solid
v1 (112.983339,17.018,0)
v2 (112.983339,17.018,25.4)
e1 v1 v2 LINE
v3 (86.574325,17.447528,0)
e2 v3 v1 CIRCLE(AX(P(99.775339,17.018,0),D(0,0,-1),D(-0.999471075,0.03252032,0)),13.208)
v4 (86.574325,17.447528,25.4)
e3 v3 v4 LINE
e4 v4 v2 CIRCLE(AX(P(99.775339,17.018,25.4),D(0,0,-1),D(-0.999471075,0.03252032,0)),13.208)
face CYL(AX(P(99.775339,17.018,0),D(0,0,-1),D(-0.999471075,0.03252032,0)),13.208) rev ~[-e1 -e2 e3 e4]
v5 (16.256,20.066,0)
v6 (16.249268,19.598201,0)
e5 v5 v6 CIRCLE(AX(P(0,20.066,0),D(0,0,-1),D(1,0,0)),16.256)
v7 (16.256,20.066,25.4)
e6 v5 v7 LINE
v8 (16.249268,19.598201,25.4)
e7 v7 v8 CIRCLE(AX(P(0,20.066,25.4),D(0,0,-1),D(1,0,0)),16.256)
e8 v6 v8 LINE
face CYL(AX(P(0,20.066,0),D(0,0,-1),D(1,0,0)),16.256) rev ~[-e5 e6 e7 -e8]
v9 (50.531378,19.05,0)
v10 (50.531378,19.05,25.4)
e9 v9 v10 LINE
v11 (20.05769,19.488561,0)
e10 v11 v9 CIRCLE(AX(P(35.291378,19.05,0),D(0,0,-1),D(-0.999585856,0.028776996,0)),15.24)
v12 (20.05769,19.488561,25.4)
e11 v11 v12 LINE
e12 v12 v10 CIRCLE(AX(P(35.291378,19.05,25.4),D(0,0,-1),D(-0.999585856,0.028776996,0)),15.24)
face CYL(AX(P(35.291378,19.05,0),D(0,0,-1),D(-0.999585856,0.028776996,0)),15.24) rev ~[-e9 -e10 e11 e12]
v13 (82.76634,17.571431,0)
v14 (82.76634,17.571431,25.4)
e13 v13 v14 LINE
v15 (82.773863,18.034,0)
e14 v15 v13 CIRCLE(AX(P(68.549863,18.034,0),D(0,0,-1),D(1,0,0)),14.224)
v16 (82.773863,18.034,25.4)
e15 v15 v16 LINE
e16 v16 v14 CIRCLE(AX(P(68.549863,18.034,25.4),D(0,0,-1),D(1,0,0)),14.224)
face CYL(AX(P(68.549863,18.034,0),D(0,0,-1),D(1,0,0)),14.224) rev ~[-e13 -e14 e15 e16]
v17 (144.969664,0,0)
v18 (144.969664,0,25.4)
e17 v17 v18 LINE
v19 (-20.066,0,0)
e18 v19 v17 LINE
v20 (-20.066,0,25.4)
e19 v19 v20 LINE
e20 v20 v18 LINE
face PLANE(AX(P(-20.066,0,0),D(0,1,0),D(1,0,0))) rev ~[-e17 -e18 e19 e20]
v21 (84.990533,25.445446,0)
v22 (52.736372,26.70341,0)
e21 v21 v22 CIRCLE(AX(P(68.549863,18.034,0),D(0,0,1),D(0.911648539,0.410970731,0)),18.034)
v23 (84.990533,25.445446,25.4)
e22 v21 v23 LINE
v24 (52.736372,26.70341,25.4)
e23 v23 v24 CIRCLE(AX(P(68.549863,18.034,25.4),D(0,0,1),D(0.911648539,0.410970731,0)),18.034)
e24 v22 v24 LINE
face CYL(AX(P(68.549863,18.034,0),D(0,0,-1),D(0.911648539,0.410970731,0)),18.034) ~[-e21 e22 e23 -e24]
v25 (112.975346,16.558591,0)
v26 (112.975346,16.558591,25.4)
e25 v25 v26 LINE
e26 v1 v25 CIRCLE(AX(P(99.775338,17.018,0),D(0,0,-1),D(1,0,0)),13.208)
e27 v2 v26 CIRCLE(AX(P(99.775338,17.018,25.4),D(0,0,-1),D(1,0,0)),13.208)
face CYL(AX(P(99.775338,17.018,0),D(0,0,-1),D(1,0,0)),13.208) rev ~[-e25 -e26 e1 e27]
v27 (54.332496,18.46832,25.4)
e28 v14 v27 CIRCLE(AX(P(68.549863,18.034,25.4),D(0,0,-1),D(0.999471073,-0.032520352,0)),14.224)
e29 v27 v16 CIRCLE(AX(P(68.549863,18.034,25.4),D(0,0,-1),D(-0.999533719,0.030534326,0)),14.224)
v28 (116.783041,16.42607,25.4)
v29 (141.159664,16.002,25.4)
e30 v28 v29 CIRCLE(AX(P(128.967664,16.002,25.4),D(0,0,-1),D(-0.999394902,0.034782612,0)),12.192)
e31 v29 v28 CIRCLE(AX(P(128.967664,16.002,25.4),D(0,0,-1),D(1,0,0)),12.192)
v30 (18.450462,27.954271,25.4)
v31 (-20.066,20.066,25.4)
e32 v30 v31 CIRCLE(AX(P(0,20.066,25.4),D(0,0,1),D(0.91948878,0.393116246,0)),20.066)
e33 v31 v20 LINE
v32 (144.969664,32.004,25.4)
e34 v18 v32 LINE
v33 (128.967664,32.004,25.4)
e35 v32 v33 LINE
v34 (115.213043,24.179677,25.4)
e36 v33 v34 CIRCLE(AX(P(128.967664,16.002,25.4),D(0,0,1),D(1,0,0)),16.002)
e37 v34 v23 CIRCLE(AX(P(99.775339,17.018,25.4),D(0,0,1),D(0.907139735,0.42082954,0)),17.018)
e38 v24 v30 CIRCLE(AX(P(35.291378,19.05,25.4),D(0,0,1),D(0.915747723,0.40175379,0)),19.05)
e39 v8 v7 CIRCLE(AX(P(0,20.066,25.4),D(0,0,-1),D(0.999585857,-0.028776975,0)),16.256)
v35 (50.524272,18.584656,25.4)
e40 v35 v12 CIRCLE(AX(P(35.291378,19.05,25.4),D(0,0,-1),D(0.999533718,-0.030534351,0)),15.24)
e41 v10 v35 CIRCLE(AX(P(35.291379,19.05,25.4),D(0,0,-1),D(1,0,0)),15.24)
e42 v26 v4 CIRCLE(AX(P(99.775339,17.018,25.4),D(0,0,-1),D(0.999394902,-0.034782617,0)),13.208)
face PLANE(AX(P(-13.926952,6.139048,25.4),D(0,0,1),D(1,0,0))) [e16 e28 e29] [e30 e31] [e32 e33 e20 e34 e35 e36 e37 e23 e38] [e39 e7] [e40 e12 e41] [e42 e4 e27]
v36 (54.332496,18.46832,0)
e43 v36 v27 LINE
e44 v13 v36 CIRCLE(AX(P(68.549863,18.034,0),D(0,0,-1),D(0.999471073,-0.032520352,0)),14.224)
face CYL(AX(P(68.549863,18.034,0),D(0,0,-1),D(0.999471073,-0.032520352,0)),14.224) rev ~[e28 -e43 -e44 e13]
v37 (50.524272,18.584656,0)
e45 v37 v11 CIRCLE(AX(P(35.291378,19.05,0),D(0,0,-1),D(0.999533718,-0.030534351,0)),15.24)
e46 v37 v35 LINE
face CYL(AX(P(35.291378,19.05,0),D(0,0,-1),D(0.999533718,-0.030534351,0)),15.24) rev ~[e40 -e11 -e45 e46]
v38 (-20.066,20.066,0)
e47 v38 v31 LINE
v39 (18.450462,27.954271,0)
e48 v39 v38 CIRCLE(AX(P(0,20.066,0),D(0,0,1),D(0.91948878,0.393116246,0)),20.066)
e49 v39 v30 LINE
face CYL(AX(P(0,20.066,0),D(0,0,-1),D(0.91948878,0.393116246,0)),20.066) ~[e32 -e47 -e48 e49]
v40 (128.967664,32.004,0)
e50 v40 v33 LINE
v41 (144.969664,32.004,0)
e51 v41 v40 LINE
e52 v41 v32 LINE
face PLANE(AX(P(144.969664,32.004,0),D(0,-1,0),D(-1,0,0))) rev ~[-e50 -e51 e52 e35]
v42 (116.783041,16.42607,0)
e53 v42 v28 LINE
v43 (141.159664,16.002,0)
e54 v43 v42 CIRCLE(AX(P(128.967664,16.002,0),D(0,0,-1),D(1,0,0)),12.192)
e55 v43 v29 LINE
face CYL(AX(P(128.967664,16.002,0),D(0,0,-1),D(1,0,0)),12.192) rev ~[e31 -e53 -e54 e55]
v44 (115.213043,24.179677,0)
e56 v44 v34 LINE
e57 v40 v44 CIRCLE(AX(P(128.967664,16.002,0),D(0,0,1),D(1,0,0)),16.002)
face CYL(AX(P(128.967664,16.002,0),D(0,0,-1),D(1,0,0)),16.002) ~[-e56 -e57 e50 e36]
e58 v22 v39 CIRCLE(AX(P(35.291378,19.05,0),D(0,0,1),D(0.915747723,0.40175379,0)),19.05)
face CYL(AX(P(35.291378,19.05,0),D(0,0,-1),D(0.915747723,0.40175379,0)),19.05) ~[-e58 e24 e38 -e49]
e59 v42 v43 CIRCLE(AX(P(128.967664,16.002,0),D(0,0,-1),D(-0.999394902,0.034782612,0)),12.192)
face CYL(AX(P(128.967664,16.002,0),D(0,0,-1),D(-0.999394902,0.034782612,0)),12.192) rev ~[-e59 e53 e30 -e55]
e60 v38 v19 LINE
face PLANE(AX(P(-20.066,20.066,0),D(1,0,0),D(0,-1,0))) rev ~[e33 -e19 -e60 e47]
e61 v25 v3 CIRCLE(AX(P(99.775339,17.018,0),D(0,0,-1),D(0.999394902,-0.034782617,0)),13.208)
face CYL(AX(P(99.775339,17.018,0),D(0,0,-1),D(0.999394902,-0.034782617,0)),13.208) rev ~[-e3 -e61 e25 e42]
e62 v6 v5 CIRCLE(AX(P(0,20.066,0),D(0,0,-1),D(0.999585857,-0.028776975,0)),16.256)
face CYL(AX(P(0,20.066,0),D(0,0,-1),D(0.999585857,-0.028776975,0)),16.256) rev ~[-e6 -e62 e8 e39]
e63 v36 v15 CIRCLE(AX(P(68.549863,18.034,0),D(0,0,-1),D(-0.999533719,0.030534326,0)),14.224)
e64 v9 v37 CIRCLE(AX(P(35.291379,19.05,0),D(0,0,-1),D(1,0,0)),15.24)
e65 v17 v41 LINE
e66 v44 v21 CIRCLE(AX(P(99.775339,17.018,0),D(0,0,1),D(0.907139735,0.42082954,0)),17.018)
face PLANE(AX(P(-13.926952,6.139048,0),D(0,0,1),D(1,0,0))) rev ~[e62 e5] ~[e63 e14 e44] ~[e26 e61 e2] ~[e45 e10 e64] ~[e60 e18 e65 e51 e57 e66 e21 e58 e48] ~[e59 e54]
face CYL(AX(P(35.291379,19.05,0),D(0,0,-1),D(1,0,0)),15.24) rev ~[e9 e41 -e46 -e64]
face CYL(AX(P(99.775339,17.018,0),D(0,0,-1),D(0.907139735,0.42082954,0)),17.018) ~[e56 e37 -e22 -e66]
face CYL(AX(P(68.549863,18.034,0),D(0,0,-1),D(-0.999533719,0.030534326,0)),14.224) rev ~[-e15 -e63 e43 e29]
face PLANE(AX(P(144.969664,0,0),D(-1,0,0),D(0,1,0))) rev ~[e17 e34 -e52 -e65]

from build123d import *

# Parameters (mm, degrees)
F1_DEPTH = 25.4


with BuildPart() as f1:
    # F0 (on Top) → F1 (new body)
    with BuildSketch(Plane.XY):
        with BuildLine():
            ThreePointArc((0, 0), (-14.1888046713, 5.8771953287), (-20.066, 20.066))
            Line((-20.066, 20.066), (-20.066, 0))
            Line((-20.066, 0), (0, 0))
        make_face()
        with BuildLine():
            ThreePointArc((17.9660905129, 11.129336882), (16.6211524445, 15.2651396685), (16.2492676931, 19.598201499))
            ThreePointArc((16.2492676931, 19.598201499), (16.8698181027, 23.9026921501), (18.4504618661, 27.9542705917))
            ThreePointArc((18.4504618661, 27.9542705917), (-4.0260022476, 39.7239668812), (-20.066, 20.066))
            ThreePointArc((-20.066, 20.066), (-14.1888046713, 5.8771953287), (0, 0))
            ThreePointArc((0, 0), (10.5669596828, 3.0077551002), (17.9660905129, 11.129336882))
        make_face()
        with BuildLine():
            ThreePointArc((16.2492676931, 19.598201499), (-16.2543168361, 20.2999234712), (16.256, 20.066))
            ThreePointArc((16.256, 20.066), (16.2543168361, 19.8320765288), (16.2492676931, 19.598201499))
        make_face(mode=Mode.SUBTRACT)
        with BuildLine():
            ThreePointArc((18.4504618661, 27.9542705917), (16.8698181027, 23.9026921501), (16.2492676931, 19.598201499))
            ThreePointArc((16.2492676931, 19.598201499), (16.6211524445, 15.2651396685), (17.9660905129, 11.129336882))
            ThreePointArc((17.9660905129, 11.129336882), (19.4658964939, 15.1953501781), (20.0576898143, 19.4885614204))
            ThreePointArc((20.0576898143, 19.4885614204), (20.063922346, 19.7772508128), (20.066, 20.066))
            ThreePointArc((20.066, 20.066), (19.6579668812, 24.0920022476), (18.4504618661, 27.9542705917))
        make_face()
        with BuildLine():
            ThreePointArc((35.2913783636, 0), (24.9954114371, 3.0220379638), (17.9660905129, 11.129336882))
            ThreePointArc((17.9660905129, 11.129336882), (10.5669596828, 3.0077551002), (0, 0))
            Line((0, 0), (35.2913783636, 0))
        make_face()
        with BuildLine():
            ThreePointArc((52.7363723922, 26.7034096963), (35.9859218001, 38.087334616), (18.4504618661, 27.9542705917))
            ThreePointArc((18.4504618661, 27.9542705917), (19.6579668812, 24.0920022476), (20.066, 20.066))
            ThreePointArc((20.066, 20.066), (20.063922346, 19.7772508128), (20.0576898143, 19.4885614204))
            ThreePointArc((20.0576898143, 19.4885614204), (35.5106816843, 34.2884220315), (50.5313782672, 19.05))
            ThreePointArc((50.5313782672, 19.05), (50.5296016293, 18.8173011199), (50.5242721296, 18.5846564946))
            ThreePointArc((50.5242721296, 18.5846564946), (51.150167686, 22.7748598412), (52.7363723922, 26.7034096963))
        make_face()
        with BuildLine():
            ThreePointArc((20.0576898143, 19.4885614204), (19.4658964939, 15.1953501781), (17.9660905129, 11.129336882))
            ThreePointArc((17.9660905129, 11.129336882), (24.9954114371, 3.0220379638), (35.2913783636, 0))
            ThreePointArc((35.2913783636, 0), (45.2184017505, 2.7909500658), (52.2366769647, 10.3460151624))
            ThreePointArc((52.2366769647, 10.3460151624), (50.8932296176, 14.3640617786), (50.5242721296, 18.5846564946))
            ThreePointArc((50.5242721296, 18.5846564946), (34.8394256297, 3.8167029566), (20.0576898143, 19.4885614204))
        make_face()
        with BuildLine():
            ThreePointArc((54.3413782672, 19.05), (53.9358095817, 22.9599464139), (52.7363723922, 26.7034096963))
            ThreePointArc((52.7363723922, 26.7034096963), (51.150167686, 22.7748598412), (50.5242721296, 18.5846564946))
            ThreePointArc((50.5242721296, 18.5846564946), (50.8932296176, 14.3640617786), (52.2366769647, 10.3460151624))
            ThreePointArc((52.2366769647, 10.3460151624), (53.7372042015, 14.2903775777), (54.3324955841, 18.4683202558))
            ThreePointArc((54.3324955841, 18.4683202558), (54.339157467, 18.7591262186), (54.3413782672, 19.05))
        make_face()
        with BuildLine():
            ThreePointArc((52.2366769647, 10.3460151624), (45.2184017505, 2.7909500658), (35.2913783636, 0))
            Line((35.2913783636, 0), (68.5498631996, 0))
            ThreePointArc((68.5498631996, 0), (58.8911873733, 2.8045831602), (52.2366769647, 10.3460151624))
        make_face()
        with BuildLine():
            ThreePointArc((54.3324955841, 18.4683202558), (53.7372042015, 14.2903775777), (52.2366769647, 10.3460151624))
            ThreePointArc((52.2366769647, 10.3460151624), (58.8911873733, 2.8045831602), (68.5498631996, 0))
            ThreePointArc((68.5498631996, 0), (77.8389985645, 2.576408979), (84.4739682688, 9.5694838446))
            ThreePointArc((84.4739682688, 9.5694838446), (83.1320884093, 13.4663031835), (82.7663397489, 17.5714305184))
            ThreePointArc((82.7663397489, 17.5714305184), (68.1014181096, 3.8170709012), (54.3324955841, 18.4683202558))
        make_face()
        with BuildLine():
            ThreePointArc((86.5838631996, 18.034), (86.1810315428, 21.8243903304), (84.9905329505, 25.4454461574))
            ThreePointArc((84.9905329505, 25.4454461574), (83.3981736494, 21.644099363), (82.7663397489, 17.5714305184))
            ThreePointArc((82.7663397489, 17.5714305184), (83.1320884093, 13.4663031835), (84.4739682688, 9.5694838446))
            ThreePointArc((84.4739682688, 9.5694838446), (85.9751949602, 13.388252586), (86.5743245521, 17.4475283849))
            ThreePointArc((86.5743245521, 17.4475283849), (86.5814783801, 17.7407254097), (86.5838631996, 18.034))
        make_face()
        with BuildLine():
            ThreePointArc((84.9905329505, 25.4454461574), (69.2526835345, 36.0542996528), (52.7363723922, 26.7034096963))
            ThreePointArc((52.7363723922, 26.7034096963), (53.9358095817, 22.9599464139), (54.3413782672, 19.05))
            ThreePointArc((54.3413782672, 19.05), (54.339157467, 18.7591262186), (54.3324955841, 18.4683202558))
            ThreePointArc((54.3324955841, 18.4683202558), (68.7670486464, 32.2563418072), (82.7738631996, 18.034))
            ThreePointArc((82.7738631996, 18.034), (82.7719822126, 17.80268467), (82.7663397489, 17.5714305184))
            ThreePointArc((82.7663397489, 17.5714305184), (83.3981736494, 21.644099363), (84.9905329505, 25.4454461574))
        make_face()
        with BuildLine():
            ThreePointArc((84.4739682688, 9.5694838446), (77.8389985645, 2.576408979), (68.5498631996, 0))
            Line((68.5498631996, 0), (99.7753385043, 0))
            ThreePointArc((99.7753385043, 0), (90.751661979, 2.5893622969), (84.4739682688, 9.5694838446))
        make_face()
        with BuildLine():
            ThreePointArc((86.5743245521, 17.4475283849), (85.9751949602, 13.388252586), (84.4739682688, 9.5694838446))
            ThreePointArc((84.4739682688, 9.5694838446), (90.751661979, 2.5893622969), (99.7753385043, 0))
            ThreePointArc((99.7753385043, 0), (108.4287993719, 2.3643335983), (114.6777863565, 8.8003743081))
            ThreePointArc((114.6777863565, 8.8003743081), (113.3375545812, 12.572175467), (112.9753463662, 16.5585912009))
            ThreePointArc((112.9753463662, 16.5585912009), (99.3308696276, 3.8174806383), (86.5743245521, 17.4475283849))
        make_face()
        with BuildLine():
            ThreePointArc((115.2130425103, 24.1796771097), (100.4874564143, 34.0210941914), (84.9905329505, 25.4454461574))
            ThreePointArc((84.9905329505, 25.4454461574), (86.1810315428, 21.8243903304), (86.5838631996, 18.034))
            ThreePointArc((86.5838631996, 18.034), (86.5814783801, 17.7407254097), (86.5743245521, 17.4475283849))
            ThreePointArc((86.5743245521, 17.4475283849), (99.9901311009, 30.2242533726), (112.9833385043, 17.018))
            ThreePointArc((112.9833385043, 17.018), (112.9813403186, 16.7882608441), (112.9753463662, 16.5585912009))
            ThreePointArc((112.9753463662, 16.5585912009), (113.6138262125, 20.5101794262), (115.2130425103, 24.1796771097))
        make_face()
        with BuildLine():
            ThreePointArc((116.7933385043, 17.018), (116.3935690174, 20.6849794945), (115.2130425103, 24.1796771097))
            ThreePointArc((115.2130425103, 24.1796771097), (113.6138262125, 20.5101794262), (112.9753463662, 16.5585912009))
            ThreePointArc((112.9753463662, 16.5585912009), (113.3375545812, 12.572175467), (114.6777863565, 8.8003743081))
            ThreePointArc((114.6777863565, 8.8003743081), (116.1796742164, 12.4891928897), (116.7830409477, 16.4260696034))
            ThreePointArc((116.7830409477, 16.4260696034), (116.7907639204, 16.7219900196), (116.7933385043, 17.018))
        make_face()
        with BuildLine():
            ThreePointArc((128.9676635915, 32.004), (121.0554952765, 29.9110472914), (115.2130425103, 24.1796771097))
            ThreePointArc((115.2130425103, 24.1796771097), (116.3935690174, 20.6849794945), (116.7933385043, 17.018))
            ThreePointArc((116.7933385043, 17.018), (116.7907639204, 16.7219900196), (116.7830409477, 16.4260696034))
            ThreePointArc((116.7830409477, 16.4260696034), (116.1796742164, 12.4891928897), (114.6777863565, 8.8003743081))
            ThreePointArc((114.6777863565, 8.8003743081), (120.5764899645, 2.3765748998), (128.9676635915, 0))
            ThreePointArc((128.9676635915, 0), (140.2827863041, 4.6868772875), (144.9696635915, 16.002))
            ThreePointArc((144.9696635915, 16.002), (140.2827863041, 27.3171227125), (128.9676635915, 32.004))
        make_face()
        with BuildLine():
            ThreePointArc((141.1596635915, 16.002), (128.7555967071, 3.8118444786), (116.7830409477, 16.4260696034))
            ThreePointArc((116.7830409477, 16.4260696034), (129.179730476, 28.1921555214), (141.1596635915, 16.002))
        make_face(mode=Mode.SUBTRACT)
        with BuildLine():
            ThreePointArc((114.6777863565, 8.8003743081), (108.4287993719, 2.3643335983), (99.7753385043, 0))
            Line((99.7753385043, 0), (128.9676635915, 0))
            ThreePointArc((128.9676635915, 0), (120.5764899645, 2.3765748998), (114.6777863565, 8.8003743081))
        make_face()
        with BuildLine():
            ThreePointArc((144.9696635915, 16.002), (140.2827863041, 4.6868772875), (128.9676635915, 0))
            Line((128.9676635915, 0), (144.9696635915, 0))
            Line((144.9696635915, 0), (144.9696635915, 16.002))
        make_face()
        with BuildLine():
            Line((144.9696635915, 32.004), (128.9676635915, 32.004))
            ThreePointArc((128.9676635915, 32.004), (140.2827863041, 27.3171227125), (144.9696635915, 16.002))
            Line((144.9696635915, 16.002), (144.9696635915, 32.004))
        make_face()
    extrude(amount=F1_DEPTH)


solid = f1.part
